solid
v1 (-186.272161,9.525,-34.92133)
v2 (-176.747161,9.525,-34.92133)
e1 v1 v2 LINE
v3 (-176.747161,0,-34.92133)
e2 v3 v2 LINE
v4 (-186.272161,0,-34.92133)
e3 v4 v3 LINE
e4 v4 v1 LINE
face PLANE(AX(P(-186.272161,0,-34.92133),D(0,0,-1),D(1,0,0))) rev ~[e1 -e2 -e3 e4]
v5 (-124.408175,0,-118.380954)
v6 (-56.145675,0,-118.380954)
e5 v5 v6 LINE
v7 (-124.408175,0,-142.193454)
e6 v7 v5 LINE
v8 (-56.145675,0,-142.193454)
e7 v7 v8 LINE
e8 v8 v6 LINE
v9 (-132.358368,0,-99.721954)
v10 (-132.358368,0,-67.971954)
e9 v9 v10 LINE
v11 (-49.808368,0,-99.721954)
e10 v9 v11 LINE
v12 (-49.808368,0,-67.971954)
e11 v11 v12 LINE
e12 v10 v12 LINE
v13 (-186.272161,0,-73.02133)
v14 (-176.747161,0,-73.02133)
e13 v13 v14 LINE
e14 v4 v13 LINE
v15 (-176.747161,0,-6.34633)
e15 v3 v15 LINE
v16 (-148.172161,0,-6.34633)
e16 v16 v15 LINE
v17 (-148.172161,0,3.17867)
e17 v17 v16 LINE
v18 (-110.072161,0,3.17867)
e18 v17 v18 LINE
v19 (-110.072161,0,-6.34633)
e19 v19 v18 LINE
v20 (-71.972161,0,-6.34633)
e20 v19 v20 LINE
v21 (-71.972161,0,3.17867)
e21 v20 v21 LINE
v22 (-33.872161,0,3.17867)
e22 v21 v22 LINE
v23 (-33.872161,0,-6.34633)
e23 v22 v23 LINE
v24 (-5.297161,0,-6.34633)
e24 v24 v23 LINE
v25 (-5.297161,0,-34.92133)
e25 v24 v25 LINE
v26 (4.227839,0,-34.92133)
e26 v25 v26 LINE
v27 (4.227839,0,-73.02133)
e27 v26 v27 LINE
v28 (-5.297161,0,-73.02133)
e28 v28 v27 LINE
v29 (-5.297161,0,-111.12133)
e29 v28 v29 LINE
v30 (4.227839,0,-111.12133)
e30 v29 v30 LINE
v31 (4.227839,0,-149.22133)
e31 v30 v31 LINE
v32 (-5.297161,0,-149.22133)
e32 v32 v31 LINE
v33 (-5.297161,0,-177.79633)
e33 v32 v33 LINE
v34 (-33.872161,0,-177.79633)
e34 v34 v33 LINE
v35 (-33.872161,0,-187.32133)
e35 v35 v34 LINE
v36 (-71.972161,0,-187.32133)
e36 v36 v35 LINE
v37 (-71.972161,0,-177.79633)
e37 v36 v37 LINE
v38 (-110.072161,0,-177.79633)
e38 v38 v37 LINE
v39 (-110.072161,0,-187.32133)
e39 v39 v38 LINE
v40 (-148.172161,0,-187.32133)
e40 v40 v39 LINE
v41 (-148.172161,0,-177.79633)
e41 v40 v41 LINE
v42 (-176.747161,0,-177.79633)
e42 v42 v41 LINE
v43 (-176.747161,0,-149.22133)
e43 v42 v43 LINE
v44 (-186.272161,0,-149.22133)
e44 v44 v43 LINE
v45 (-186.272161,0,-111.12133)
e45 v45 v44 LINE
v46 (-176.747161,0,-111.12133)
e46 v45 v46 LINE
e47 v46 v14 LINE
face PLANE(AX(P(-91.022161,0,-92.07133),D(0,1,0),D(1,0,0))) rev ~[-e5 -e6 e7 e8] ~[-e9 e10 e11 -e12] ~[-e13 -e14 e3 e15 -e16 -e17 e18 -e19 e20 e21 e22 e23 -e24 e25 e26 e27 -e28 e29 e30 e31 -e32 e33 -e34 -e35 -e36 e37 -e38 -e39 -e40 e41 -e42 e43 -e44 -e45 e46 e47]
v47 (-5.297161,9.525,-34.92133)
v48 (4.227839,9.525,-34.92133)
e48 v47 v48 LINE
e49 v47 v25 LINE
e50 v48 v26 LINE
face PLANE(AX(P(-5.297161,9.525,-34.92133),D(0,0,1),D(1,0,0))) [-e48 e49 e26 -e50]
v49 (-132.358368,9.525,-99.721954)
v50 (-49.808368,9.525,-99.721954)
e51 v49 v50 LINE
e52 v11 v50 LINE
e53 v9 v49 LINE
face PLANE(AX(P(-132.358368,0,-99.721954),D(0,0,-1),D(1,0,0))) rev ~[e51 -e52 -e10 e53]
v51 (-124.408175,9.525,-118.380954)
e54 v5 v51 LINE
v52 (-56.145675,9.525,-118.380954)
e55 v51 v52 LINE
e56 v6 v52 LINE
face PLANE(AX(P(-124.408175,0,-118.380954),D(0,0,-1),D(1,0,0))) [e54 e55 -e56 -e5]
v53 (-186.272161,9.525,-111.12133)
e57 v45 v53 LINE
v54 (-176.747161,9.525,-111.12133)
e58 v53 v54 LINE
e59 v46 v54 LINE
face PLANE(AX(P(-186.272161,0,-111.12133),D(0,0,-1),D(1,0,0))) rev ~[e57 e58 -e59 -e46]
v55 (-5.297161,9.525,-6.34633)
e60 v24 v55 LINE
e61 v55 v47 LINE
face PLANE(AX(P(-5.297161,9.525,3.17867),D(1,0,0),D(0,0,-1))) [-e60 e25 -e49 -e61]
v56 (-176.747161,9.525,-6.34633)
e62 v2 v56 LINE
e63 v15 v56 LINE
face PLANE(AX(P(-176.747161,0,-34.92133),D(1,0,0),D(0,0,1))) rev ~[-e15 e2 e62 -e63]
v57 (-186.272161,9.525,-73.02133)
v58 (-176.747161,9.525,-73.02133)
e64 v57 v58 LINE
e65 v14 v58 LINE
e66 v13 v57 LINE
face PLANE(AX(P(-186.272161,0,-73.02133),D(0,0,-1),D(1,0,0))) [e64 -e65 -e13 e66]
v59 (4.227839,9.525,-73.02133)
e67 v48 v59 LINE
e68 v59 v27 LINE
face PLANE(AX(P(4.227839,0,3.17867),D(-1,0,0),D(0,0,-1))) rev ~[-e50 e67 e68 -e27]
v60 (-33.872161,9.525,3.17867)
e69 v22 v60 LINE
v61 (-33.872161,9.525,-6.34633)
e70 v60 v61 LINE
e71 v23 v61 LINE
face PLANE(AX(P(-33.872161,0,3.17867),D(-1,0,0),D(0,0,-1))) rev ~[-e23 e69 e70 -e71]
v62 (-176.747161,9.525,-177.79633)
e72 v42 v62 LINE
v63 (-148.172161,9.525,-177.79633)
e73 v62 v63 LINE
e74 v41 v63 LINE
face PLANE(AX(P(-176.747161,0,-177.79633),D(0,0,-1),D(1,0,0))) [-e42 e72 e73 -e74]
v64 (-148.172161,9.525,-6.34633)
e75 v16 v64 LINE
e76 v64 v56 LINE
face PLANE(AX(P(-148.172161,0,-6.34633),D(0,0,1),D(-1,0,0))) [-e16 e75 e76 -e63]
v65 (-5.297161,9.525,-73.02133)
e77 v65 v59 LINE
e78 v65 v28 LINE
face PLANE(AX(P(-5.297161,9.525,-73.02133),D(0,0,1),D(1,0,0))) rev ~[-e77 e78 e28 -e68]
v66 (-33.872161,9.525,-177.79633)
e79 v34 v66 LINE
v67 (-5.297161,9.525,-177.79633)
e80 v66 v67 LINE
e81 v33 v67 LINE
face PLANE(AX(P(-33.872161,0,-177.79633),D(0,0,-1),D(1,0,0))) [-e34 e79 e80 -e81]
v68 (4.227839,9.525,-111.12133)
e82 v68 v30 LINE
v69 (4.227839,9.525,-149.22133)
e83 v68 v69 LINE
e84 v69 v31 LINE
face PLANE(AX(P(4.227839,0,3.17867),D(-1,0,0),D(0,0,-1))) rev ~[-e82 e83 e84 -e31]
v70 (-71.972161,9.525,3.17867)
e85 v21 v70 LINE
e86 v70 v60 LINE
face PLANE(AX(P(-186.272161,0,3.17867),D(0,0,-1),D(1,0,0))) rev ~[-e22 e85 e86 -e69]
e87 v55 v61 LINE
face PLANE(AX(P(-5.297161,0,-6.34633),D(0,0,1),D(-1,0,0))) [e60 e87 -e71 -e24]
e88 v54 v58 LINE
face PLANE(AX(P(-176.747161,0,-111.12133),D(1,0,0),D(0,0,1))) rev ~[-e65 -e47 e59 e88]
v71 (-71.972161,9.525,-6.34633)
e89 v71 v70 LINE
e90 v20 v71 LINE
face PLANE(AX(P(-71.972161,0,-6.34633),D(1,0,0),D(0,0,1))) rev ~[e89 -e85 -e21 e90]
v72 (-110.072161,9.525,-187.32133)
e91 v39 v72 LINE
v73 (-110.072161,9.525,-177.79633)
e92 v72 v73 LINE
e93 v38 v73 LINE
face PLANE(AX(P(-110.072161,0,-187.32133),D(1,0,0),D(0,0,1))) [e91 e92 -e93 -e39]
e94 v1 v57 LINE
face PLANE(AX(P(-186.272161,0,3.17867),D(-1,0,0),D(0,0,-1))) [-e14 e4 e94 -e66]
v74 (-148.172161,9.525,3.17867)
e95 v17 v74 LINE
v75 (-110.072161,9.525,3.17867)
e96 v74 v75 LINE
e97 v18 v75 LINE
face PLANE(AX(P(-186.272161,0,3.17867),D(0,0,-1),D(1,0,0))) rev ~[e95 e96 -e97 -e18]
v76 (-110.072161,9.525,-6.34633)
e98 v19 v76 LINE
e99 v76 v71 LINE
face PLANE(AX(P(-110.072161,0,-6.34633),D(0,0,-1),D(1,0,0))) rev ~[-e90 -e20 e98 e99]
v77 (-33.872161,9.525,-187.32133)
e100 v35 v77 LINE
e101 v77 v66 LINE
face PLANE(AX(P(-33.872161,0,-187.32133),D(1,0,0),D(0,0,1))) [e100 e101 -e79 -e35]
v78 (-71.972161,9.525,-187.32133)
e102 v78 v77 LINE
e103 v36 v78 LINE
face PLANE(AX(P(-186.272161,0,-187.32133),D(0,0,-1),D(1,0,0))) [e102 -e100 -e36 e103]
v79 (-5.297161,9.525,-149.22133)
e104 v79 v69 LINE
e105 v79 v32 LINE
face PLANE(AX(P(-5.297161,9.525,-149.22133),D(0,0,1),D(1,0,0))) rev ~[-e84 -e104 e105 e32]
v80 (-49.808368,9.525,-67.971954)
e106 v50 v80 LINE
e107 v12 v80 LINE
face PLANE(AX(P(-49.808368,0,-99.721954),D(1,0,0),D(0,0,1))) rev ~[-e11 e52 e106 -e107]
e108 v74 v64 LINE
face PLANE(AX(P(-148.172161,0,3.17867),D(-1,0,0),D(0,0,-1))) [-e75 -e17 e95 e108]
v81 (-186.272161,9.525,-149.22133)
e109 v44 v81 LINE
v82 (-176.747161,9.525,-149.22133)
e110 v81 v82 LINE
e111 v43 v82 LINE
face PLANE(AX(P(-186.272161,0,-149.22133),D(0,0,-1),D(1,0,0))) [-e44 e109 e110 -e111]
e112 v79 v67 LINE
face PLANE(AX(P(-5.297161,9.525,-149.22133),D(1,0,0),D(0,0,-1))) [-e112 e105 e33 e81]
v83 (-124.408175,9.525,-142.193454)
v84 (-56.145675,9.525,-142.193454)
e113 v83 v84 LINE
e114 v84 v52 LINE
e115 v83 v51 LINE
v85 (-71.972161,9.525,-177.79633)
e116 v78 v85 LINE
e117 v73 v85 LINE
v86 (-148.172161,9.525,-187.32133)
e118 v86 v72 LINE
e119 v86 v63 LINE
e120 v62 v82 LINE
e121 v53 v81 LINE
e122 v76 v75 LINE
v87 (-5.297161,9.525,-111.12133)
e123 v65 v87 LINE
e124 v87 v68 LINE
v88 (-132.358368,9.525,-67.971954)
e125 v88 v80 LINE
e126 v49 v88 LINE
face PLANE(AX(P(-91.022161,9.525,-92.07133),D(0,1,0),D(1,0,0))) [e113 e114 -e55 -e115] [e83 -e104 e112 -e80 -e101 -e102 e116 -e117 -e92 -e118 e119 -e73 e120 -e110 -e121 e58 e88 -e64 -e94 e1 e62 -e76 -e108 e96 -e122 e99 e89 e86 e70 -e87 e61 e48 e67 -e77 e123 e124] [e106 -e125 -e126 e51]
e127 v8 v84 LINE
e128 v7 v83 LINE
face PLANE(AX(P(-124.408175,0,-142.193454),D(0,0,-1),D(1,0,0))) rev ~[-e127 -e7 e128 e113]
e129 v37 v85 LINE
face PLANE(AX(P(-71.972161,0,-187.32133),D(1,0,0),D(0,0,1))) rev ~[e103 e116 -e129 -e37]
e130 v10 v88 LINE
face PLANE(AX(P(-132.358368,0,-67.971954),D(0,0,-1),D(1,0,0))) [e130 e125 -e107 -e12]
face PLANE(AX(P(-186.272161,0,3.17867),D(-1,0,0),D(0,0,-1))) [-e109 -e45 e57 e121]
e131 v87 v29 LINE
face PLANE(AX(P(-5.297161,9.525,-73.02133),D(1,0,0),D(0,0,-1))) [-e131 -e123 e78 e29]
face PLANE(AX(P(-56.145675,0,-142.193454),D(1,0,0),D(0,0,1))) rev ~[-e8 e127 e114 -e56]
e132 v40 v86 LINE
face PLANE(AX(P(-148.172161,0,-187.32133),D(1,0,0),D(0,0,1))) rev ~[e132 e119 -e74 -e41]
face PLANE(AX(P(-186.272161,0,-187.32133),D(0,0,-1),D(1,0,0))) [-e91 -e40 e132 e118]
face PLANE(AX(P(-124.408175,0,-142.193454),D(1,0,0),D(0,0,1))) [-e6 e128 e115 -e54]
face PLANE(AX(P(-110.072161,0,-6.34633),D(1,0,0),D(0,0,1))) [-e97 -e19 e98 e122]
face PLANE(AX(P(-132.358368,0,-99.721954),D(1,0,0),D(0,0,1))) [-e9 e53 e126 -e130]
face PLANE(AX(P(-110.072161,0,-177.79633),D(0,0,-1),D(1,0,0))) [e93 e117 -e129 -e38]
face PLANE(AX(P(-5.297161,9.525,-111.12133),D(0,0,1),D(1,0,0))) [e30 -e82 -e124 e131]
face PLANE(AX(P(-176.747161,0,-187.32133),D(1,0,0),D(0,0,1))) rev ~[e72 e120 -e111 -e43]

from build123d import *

# Parameters (mm, degrees)
SKETCH1_W           = 190.5
SKETCH1_H           = 190.5
BOSS_EXTRUDE1_DEPTH = 9.525
SKETCH2_W           = 9.525
SKETCH2_H           = 38.1
CUT_EXTRUDE1_DEPTH  = 9.525
SKETCH3_W           = 9.525
SKETCH3_H           = 38.1
CUT_EXTRUDE2_DEPTH  = 9.525
SKETCH4_W           = 9.525
SKETCH4_H           = 38.1
CUT_EXTRUDE3_DEPTH  = 9.525
SKETCH5_W           = 9.525
SKETCH5_H           = 38.1
CUT_EXTRUDE4_DEPTH  = 9.525
SKETCH6_W           = 9.525
SKETCH6_H           = 38.1
CUT_EXTRUDE5_DEPTH  = 9.525
SKETCH7_W           = 9.525
SKETCH7_H           = 38.1
CUT_EXTRUDE6_DEPTH  = 9.525
SKETCH8_W           = 28.575
SKETCH8_H           = 9.525
CUT_EXTRUDE7_DEPTH  = 9.525
SKETCH9_W           = 38.1
SKETCH9_H           = 9.525
CUT_EXTRUDE8_DEPTH  = 9.525
SKETCH10_W          = 28.575
SKETCH10_H          = 9.525
CUT_EXTRUDE9_DEPTH  = 9.525
SKETCH11_W          = 28.575
SKETCH11_H          = 9.525
CUT_EXTRUDE11_DEPTH = 9.525
SKETCH12_W          = 38.1
SKETCH12_H          = 9.525
CUT_EXTRUDE12_DEPTH = 9.525
SKETCH14_W          = 28.575
SKETCH14_H          = 9.525
CUT_EXTRUDE13_DEPTH = 9.525
SKETCH15_W          = 68.2625
SKETCH15_H          = 23.8125
CUT_EXTRUDE14_DEPTH = 9.525
SKETCH16_W          = 82.55
SKETCH16_H          = 31.75
CUT_EXTRUDE15_DEPTH = 9.525


with BuildPart() as part:
    # Sketch1 → Boss-Extrude1 (new body)
    with BuildSketch(Plane(origin=(0, 0, 0), x_dir=(1, 0, 0), z_dir=(0, 1, 0))):
        with Locations((-91.022160665, 92.07132964)):
            Rectangle(SKETCH1_W, SKETCH1_H)
    extrude(amount=BOSS_EXTRUDE1_DEPTH)

    # Sketch2 → Cut-Extrude1 (cut)
    with BuildSketch(Plane(origin=(0, 9.525, 0), x_dir=(1, 0, 0), z_dir=(0, 1, 0))):
        with Locations((-0.534660665, 15.87132964)):
            Rectangle(SKETCH2_W, SKETCH2_H)
    extrude(amount=-CUT_EXTRUDE1_DEPTH, mode=Mode.SUBTRACT)

    # Sketch3 → Cut-Extrude2 (cut)
    with BuildSketch(Plane(origin=(0, 9.525, 0), x_dir=(1, 0, 0), z_dir=(0, 1, 0))):
        with Locations((-0.534660665, 92.07132964)):
            Rectangle(SKETCH3_W, SKETCH3_H)
    extrude(amount=-CUT_EXTRUDE2_DEPTH, mode=Mode.SUBTRACT)

    # Sketch4 → Cut-Extrude3 (cut)
    with BuildSketch(Plane(origin=(0, 9.525, 0), x_dir=(1, 0, 0), z_dir=(0, 1, 0))):
        with Locations((-0.534660665, 168.27132964)):
            Rectangle(SKETCH4_W, SKETCH4_H)
    extrude(amount=-CUT_EXTRUDE3_DEPTH, mode=Mode.SUBTRACT)

    # Sketch5 → Cut-Extrude4 (cut)
    with BuildSketch(Plane.XZ):
        with Locations((-181.509660665, -15.87132964)):
            Rectangle(SKETCH5_W, SKETCH5_H)
    extrude(amount=-CUT_EXTRUDE4_DEPTH, mode=Mode.SUBTRACT)

    # Sketch6 → Cut-Extrude5 (cut)
    with BuildSketch(Plane.XZ):
        with Locations((-181.509660665, -92.07132964)):
            Rectangle(SKETCH6_W, SKETCH6_H)
    extrude(amount=-CUT_EXTRUDE5_DEPTH, mode=Mode.SUBTRACT)

    # Sketch7 → Cut-Extrude6 (cut)
    with BuildSketch(Plane.XZ):
        with Locations((-181.509660665, -168.27132964)):
            Rectangle(SKETCH7_W, SKETCH7_H)
    extrude(amount=-CUT_EXTRUDE6_DEPTH, mode=Mode.SUBTRACT)

    # Sketch8 → Cut-Extrude7 (cut)
    with BuildSketch(Plane.XZ):
        with Locations((-19.584660665, -182.55882964)):
            Rectangle(SKETCH8_W, SKETCH8_H)
    extrude(amount=-CUT_EXTRUDE7_DEPTH, mode=Mode.SUBTRACT)

    # Sketch9 → Cut-Extrude8 (cut)
    with BuildSketch(Plane.XZ):
        with Locations((-91.022160665, -182.55882964)):
            Rectangle(SKETCH9_W, SKETCH9_H)
    extrude(amount=-CUT_EXTRUDE8_DEPTH, mode=Mode.SUBTRACT)

    # Sketch10 → Cut-Extrude9 (cut)
    with BuildSketch(Plane.XZ):
        with Locations((-162.459660665, -182.55882964)):
            Rectangle(SKETCH10_W, SKETCH10_H)
    extrude(amount=-CUT_EXTRUDE9_DEPTH, mode=Mode.SUBTRACT)

    # Sketch11 → Cut-Extrude11 (cut)
    with BuildSketch(Plane(origin=(0, 0, 0), x_dir=(-1, 0, 0), z_dir=(0, -1, 0))):
        with Locations((162.459660665, 1.58382964)):
            Rectangle(SKETCH11_W, SKETCH11_H)
    extrude(amount=-CUT_EXTRUDE11_DEPTH, mode=Mode.SUBTRACT)

    # Sketch12 → Cut-Extrude12 (cut)
    with BuildSketch(Plane.XZ):
        with Locations((-91.022160665, -1.58382964)):
            Rectangle(SKETCH12_W, SKETCH12_H)
    extrude(amount=-CUT_EXTRUDE12_DEPTH, mode=Mode.SUBTRACT)

    # Sketch14 → Cut-Extrude13 (cut)
    with BuildSketch(Plane(origin=(0, 0, 0), x_dir=(-1, 0, 0), z_dir=(0, -1, 0))):
        with Locations((19.584660665, 1.58382964)):
            Rectangle(SKETCH14_W, SKETCH14_H)
    extrude(amount=-CUT_EXTRUDE13_DEPTH, mode=Mode.SUBTRACT)

    # Sketch15 → Cut-Extrude14 (cut)
    with BuildSketch(Plane.XZ):
        with Locations((-90.276924716, -130.287204322)):
            Rectangle(SKETCH15_W, SKETCH15_H)
    extrude(amount=-CUT_EXTRUDE14_DEPTH, mode=Mode.SUBTRACT)

    # Sketch16 → Cut-Extrude15 (cut)
    with BuildSketch(Plane.XZ):
        with Locations((-91.083368355, -83.846953715)):
            Rectangle(SKETCH16_W, SKETCH16_H)
    extrude(amount=-CUT_EXTRUDE15_DEPTH, mode=Mode.SUBTRACT)


solid = part.part
